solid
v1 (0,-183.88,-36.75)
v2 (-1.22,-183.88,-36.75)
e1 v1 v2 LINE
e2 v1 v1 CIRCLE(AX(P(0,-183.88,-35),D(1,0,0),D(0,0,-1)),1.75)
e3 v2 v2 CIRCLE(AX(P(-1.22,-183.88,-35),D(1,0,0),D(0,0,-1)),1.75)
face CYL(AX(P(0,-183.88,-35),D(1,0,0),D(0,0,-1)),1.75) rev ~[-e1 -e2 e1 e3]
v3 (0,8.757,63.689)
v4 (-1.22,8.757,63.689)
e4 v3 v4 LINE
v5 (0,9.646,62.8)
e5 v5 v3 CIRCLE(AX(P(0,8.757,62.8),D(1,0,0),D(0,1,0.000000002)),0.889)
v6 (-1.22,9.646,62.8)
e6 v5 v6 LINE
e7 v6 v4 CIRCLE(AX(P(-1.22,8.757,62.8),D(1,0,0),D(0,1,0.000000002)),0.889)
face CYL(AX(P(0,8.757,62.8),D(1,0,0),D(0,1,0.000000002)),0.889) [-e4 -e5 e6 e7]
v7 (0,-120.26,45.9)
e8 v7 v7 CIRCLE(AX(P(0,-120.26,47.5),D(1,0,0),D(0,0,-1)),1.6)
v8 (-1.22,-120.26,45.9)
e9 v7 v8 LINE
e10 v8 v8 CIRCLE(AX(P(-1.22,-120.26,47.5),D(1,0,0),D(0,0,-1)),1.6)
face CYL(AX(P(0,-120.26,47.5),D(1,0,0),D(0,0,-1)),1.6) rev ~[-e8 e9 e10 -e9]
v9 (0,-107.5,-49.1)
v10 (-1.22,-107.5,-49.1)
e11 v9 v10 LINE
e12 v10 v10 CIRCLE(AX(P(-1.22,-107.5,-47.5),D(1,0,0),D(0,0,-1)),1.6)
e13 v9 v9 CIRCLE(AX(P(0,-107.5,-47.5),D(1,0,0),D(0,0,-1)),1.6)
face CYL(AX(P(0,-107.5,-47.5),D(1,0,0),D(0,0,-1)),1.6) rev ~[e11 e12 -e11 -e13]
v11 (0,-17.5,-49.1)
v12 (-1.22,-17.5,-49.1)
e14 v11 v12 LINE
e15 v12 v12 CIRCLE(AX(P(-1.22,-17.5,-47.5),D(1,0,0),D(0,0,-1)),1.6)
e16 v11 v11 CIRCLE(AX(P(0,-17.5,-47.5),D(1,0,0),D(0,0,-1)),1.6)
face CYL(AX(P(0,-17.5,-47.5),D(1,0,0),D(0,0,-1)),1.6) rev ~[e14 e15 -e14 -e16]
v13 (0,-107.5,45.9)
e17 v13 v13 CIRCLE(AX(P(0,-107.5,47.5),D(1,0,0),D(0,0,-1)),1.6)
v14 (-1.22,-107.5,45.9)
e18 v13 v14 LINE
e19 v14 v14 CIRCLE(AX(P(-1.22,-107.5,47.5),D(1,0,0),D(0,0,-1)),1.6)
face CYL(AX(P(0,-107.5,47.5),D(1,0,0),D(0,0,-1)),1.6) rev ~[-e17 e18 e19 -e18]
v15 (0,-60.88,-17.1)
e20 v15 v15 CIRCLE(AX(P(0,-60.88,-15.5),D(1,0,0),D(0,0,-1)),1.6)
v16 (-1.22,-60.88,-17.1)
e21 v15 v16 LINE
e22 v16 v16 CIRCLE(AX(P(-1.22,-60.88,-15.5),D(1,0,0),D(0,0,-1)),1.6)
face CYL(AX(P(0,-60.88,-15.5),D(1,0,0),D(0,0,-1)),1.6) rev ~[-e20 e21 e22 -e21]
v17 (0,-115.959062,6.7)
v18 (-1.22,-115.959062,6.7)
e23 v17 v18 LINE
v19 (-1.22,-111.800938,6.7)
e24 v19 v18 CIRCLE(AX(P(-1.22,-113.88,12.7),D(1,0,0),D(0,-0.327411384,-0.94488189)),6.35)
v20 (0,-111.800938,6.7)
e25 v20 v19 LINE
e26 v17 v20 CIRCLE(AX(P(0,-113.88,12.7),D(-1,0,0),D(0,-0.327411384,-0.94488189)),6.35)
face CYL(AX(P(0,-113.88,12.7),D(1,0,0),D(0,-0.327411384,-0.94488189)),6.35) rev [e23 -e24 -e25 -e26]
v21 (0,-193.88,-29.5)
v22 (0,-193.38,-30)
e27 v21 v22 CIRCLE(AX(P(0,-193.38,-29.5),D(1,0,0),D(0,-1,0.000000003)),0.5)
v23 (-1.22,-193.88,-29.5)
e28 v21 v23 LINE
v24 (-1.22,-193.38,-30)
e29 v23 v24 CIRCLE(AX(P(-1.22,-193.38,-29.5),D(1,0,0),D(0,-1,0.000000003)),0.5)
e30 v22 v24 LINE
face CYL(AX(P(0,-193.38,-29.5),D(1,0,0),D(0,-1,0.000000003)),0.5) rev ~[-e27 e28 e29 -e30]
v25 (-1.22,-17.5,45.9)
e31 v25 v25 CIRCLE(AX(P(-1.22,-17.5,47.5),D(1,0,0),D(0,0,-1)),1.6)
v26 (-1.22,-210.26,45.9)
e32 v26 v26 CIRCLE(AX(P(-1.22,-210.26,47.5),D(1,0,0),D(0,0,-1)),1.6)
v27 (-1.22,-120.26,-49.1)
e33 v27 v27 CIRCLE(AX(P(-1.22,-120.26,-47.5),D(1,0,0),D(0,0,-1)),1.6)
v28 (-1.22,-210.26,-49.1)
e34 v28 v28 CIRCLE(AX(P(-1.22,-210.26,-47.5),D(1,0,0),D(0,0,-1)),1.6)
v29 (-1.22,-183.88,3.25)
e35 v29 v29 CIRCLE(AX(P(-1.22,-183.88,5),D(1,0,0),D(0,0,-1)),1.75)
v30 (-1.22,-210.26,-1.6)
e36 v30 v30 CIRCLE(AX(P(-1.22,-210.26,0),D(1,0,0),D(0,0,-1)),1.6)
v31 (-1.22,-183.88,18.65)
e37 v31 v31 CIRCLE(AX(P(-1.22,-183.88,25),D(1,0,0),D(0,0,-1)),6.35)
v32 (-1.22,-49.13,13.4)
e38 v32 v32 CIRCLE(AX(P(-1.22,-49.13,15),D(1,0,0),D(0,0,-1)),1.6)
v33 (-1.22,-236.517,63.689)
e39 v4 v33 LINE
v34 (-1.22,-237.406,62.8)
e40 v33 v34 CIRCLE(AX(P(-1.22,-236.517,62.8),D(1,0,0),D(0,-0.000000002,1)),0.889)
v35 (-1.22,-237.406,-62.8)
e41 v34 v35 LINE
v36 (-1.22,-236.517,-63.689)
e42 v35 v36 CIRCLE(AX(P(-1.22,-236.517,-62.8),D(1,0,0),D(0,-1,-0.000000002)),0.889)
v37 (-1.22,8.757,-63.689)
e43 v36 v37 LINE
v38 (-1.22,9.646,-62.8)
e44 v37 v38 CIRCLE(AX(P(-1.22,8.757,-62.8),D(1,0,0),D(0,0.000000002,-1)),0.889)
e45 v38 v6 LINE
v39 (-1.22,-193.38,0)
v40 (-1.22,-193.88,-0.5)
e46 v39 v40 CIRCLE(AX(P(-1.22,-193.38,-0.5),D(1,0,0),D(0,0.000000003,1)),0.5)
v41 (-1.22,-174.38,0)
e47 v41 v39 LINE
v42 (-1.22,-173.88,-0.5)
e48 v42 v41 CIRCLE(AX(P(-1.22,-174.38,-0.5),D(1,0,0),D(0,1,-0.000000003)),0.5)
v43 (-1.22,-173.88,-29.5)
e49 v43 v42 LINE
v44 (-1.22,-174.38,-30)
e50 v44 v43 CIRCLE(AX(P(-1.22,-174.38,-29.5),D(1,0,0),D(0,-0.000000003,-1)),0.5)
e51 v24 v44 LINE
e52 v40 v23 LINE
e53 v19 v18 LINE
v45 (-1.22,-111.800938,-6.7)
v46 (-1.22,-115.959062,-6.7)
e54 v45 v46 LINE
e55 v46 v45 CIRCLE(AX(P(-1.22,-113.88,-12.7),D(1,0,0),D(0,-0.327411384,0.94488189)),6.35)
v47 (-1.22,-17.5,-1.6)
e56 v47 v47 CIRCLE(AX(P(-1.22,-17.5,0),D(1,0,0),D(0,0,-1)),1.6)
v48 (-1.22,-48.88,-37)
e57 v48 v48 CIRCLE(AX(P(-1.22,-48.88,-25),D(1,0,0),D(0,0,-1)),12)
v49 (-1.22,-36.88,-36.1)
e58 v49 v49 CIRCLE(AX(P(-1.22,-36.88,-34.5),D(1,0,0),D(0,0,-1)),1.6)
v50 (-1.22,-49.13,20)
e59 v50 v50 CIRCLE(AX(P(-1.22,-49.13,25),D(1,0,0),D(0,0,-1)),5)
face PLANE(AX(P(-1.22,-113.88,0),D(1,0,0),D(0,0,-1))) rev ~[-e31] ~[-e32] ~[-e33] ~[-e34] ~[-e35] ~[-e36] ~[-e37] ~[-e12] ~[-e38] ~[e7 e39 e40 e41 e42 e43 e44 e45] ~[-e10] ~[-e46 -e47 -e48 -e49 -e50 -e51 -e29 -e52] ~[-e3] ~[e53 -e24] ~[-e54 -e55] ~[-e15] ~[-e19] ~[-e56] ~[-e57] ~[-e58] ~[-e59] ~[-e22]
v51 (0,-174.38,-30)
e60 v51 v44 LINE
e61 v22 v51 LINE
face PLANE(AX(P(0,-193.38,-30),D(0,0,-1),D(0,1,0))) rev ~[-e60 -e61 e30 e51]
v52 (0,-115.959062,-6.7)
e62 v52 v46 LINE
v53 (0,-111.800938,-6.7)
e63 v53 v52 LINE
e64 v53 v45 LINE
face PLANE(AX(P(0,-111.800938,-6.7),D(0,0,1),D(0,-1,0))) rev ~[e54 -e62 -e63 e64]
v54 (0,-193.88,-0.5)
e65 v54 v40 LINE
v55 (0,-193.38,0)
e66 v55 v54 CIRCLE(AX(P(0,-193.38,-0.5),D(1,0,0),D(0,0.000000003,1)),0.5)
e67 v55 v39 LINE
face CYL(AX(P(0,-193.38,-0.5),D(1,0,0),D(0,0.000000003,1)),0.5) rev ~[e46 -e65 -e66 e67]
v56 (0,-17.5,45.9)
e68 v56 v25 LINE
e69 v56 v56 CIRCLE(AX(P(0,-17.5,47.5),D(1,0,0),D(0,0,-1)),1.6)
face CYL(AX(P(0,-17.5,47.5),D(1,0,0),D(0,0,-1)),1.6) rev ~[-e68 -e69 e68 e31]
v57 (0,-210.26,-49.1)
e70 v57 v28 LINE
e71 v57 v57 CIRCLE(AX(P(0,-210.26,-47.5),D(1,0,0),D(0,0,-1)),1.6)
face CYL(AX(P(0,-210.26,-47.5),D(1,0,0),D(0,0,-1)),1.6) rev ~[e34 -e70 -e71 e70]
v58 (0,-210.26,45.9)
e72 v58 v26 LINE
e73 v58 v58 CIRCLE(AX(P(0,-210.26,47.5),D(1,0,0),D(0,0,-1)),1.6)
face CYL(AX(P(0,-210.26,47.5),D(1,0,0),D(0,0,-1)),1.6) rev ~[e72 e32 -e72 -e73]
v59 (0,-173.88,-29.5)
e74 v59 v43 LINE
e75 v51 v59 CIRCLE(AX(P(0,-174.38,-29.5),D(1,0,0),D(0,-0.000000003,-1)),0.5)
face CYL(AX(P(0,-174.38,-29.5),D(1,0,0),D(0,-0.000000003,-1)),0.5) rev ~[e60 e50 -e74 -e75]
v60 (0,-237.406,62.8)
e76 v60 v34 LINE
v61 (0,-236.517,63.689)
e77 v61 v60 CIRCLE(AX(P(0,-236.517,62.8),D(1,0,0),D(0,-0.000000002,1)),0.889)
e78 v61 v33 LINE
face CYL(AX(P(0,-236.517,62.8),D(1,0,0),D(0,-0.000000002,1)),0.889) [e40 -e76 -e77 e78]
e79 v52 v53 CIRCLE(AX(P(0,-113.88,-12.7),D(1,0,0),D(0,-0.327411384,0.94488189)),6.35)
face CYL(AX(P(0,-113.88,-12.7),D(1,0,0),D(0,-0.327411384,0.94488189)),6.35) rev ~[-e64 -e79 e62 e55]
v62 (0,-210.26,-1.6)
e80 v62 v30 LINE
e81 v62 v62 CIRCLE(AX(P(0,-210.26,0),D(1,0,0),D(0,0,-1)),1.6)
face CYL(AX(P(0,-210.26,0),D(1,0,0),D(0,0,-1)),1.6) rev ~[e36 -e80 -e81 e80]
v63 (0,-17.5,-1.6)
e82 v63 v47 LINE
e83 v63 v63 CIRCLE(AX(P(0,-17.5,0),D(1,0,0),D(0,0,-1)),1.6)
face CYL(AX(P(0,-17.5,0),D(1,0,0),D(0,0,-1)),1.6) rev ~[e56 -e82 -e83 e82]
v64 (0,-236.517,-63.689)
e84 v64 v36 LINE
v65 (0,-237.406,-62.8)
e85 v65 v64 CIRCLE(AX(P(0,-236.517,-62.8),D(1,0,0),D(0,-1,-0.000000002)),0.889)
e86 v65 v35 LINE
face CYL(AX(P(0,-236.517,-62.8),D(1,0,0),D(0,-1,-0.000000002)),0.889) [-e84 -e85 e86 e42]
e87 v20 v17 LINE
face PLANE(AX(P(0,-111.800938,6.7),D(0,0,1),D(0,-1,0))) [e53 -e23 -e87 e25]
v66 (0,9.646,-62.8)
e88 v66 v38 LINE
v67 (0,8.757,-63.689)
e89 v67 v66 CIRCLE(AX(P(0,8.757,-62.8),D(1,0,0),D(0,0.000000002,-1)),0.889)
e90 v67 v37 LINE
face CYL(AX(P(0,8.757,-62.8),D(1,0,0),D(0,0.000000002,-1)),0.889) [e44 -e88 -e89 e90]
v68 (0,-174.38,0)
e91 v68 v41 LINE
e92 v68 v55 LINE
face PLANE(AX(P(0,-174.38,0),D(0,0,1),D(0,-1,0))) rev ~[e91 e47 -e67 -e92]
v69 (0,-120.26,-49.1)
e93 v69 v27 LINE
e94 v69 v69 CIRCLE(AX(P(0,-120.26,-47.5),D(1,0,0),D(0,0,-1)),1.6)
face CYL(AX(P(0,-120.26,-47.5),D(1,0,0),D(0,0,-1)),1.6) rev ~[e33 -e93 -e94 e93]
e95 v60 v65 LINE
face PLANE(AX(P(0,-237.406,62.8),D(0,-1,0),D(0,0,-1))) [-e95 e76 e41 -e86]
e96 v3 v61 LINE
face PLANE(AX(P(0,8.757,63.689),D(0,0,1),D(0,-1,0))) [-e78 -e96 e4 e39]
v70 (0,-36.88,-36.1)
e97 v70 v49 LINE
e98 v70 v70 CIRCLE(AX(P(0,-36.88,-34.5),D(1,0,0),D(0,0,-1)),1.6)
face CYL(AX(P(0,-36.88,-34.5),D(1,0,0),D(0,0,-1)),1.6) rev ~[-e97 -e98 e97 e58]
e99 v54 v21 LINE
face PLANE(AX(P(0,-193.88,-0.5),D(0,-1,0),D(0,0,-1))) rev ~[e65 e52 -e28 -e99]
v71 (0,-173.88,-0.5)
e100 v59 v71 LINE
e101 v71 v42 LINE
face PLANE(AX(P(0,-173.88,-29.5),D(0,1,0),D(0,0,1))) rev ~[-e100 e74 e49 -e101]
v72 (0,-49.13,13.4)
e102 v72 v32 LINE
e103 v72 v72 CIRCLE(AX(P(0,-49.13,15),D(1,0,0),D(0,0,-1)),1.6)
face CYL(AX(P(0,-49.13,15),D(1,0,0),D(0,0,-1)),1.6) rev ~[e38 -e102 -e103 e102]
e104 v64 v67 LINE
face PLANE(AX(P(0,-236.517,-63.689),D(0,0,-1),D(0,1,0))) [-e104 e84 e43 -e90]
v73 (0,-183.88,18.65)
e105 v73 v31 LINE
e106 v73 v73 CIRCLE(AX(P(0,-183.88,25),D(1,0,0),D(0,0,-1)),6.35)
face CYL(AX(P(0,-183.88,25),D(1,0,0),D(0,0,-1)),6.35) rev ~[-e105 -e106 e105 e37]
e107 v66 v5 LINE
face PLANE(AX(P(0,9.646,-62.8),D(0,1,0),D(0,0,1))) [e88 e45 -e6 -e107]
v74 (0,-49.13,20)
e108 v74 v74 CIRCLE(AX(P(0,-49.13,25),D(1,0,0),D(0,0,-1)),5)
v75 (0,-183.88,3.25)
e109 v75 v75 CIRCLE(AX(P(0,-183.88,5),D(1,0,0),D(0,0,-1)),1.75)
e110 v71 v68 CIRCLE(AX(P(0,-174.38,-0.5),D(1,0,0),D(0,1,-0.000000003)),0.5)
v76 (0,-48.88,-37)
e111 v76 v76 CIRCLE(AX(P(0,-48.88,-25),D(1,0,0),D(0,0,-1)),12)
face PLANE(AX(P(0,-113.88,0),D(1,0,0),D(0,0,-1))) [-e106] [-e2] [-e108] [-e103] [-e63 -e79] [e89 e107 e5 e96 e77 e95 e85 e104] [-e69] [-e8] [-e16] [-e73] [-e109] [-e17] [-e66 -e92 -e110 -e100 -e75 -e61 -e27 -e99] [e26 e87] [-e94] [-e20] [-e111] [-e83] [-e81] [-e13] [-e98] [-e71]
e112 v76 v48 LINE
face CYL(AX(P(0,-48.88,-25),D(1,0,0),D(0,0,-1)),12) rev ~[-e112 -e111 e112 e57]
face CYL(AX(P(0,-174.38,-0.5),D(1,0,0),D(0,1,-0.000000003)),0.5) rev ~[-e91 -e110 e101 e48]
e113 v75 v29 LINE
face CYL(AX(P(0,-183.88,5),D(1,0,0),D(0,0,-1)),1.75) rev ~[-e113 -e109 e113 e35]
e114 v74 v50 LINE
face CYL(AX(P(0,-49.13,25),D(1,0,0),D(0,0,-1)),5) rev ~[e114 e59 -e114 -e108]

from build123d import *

# Parameters (mm, degrees)
BOSS_EXTRUDE1_DEPTH = 1.22
SKETCH3_R           = 1.6
CUT_EXTRUDE1_DEPTH  = 246.803551555
SKETCH4_R           = 12
SKETCH4_R_2         = 5
SKETCH4_R_3         = 1.75
SKETCH4_R_4         = 1.6
SKETCH4_R_5         = 6.35
CUT_EXTRUDE2_DEPTH  = 246.803551555


with BuildPart() as part:
    # Sketch1 → Boss-Extrude1 (new body)
    with BuildSketch(Plane(origin=(0, 0, 0), x_dir=(0, 0, -1), z_dir=(1, 0, 0))):
        with BuildLine():
            Line((62.8, 9.646), (-62.8, 9.646))
            ThreePointArc((-62.8, 9.646), (-63.428617928, 9.385617928), (-63.689, 8.757))
            Line((-63.689, 8.757), (-63.689, -236.517))
            ThreePointArc((-63.689, -236.517), (-63.428617928, -237.145617928), (-62.8, -237.406))
            Line((-62.8, -237.406), (62.8, -237.406))
            ThreePointArc((62.8, -237.406), (63.428617928, -237.145617928), (63.689, -236.517))
            Line((63.689, -236.517), (63.689, 8.757))
            ThreePointArc((63.689, 8.757), (63.428617928, 9.385617928), (62.8, 9.646))
        make_face()
    extrude(amount=-BOSS_EXTRUDE1_DEPTH)

    # Sketch3 → Cut-Extrude1 (cut, through all)
    with BuildSketch(Plane(origin=(0, 0, 0), x_dir=(0, 0, -1), z_dir=(1, 0, 0))):
        with Locations((47.5, -107.5)):
            Circle(SKETCH3_R)
        with Locations((-47.5, -107.5)):
            Circle(SKETCH3_R)
        with Locations((47.5, -17.5)):
            Circle(SKETCH3_R)
        with Locations((0, -17.5)):
            Circle(SKETCH3_R)
        with Locations((-47.5, -17.5)):
            Circle(SKETCH3_R)
        with Locations((-47.5, -210.26)):
            Circle(SKETCH3_R)
        with Locations((0, -210.26)):
            Circle(SKETCH3_R)
        with Locations((47.5, -210.26)):
            Circle(SKETCH3_R)
        with Locations((-47.5, -120.26)):
            Circle(SKETCH3_R)
        with Locations((47.5, -120.26)):
            Circle(SKETCH3_R)
    extrude(amount=-CUT_EXTRUDE1_DEPTH, mode=Mode.SUBTRACT)

    # Sketch4 → Cut-Extrude2 (cut, through all)
    with BuildSketch(Plane(origin=(0, 0, 0), x_dir=(0, 0, -1), z_dir=(1, 0, 0))):
        with Locations((25, -48.88)):
            Circle(SKETCH4_R)
        with Locations((-25, -49.13)):
            Circle(SKETCH4_R_2)
        with Locations((35, -183.88)):
            Circle(SKETCH4_R_3)
        with Locations((-5, -183.88)):
            Circle(SKETCH4_R_3)
        with Locations((34.5, -36.88)):
            Circle(SKETCH4_R_4)
        with Locations((15.5, -60.88)):
            Circle(SKETCH4_R_4)
        with Locations((-15, -49.13)):
            Circle(SKETCH4_R_4)
        with Locations((-25, -183.88)):
            Circle(SKETCH4_R_5)
        with BuildLine():
            Line((0.5, -193.88), (29.5, -193.88))
            ThreePointArc((29.5, -193.88), (29.853553391, -193.733553391), (30, -193.38))
            Line((30, -193.38), (30, -174.38))
            ThreePointArc((30, -174.38), (29.853553391, -174.026446609), (29.5, -173.88))
            Line((29.5, -173.88), (0.5, -173.88))
            ThreePointArc((0.5, -173.88), (0.146446609, -174.026446609), (0, -174.38))
            Line((0, -174.38), (0, -193.38))
            ThreePointArc((0, -193.38), (0.146446609, -193.733553391), (0.5, -193.88))
        make_face()
        with BuildLine():
            Line((6.7, -111.800937711), (6.7, -115.959062289))
            ThreePointArc((6.7, -115.959062289), (19.05, -113.88), (6.7, -111.800937711))
        make_face()
        with BuildLine():
            Line((-6.7, -111.800937711), (-6.7, -115.959062289))
            ThreePointArc((-6.7, -115.959062289), (-19.05, -113.88), (-6.7, -111.800937711))
        make_face()
    extrude(amount=-CUT_EXTRUDE2_DEPTH, mode=Mode.SUBTRACT)


solid = part.part
